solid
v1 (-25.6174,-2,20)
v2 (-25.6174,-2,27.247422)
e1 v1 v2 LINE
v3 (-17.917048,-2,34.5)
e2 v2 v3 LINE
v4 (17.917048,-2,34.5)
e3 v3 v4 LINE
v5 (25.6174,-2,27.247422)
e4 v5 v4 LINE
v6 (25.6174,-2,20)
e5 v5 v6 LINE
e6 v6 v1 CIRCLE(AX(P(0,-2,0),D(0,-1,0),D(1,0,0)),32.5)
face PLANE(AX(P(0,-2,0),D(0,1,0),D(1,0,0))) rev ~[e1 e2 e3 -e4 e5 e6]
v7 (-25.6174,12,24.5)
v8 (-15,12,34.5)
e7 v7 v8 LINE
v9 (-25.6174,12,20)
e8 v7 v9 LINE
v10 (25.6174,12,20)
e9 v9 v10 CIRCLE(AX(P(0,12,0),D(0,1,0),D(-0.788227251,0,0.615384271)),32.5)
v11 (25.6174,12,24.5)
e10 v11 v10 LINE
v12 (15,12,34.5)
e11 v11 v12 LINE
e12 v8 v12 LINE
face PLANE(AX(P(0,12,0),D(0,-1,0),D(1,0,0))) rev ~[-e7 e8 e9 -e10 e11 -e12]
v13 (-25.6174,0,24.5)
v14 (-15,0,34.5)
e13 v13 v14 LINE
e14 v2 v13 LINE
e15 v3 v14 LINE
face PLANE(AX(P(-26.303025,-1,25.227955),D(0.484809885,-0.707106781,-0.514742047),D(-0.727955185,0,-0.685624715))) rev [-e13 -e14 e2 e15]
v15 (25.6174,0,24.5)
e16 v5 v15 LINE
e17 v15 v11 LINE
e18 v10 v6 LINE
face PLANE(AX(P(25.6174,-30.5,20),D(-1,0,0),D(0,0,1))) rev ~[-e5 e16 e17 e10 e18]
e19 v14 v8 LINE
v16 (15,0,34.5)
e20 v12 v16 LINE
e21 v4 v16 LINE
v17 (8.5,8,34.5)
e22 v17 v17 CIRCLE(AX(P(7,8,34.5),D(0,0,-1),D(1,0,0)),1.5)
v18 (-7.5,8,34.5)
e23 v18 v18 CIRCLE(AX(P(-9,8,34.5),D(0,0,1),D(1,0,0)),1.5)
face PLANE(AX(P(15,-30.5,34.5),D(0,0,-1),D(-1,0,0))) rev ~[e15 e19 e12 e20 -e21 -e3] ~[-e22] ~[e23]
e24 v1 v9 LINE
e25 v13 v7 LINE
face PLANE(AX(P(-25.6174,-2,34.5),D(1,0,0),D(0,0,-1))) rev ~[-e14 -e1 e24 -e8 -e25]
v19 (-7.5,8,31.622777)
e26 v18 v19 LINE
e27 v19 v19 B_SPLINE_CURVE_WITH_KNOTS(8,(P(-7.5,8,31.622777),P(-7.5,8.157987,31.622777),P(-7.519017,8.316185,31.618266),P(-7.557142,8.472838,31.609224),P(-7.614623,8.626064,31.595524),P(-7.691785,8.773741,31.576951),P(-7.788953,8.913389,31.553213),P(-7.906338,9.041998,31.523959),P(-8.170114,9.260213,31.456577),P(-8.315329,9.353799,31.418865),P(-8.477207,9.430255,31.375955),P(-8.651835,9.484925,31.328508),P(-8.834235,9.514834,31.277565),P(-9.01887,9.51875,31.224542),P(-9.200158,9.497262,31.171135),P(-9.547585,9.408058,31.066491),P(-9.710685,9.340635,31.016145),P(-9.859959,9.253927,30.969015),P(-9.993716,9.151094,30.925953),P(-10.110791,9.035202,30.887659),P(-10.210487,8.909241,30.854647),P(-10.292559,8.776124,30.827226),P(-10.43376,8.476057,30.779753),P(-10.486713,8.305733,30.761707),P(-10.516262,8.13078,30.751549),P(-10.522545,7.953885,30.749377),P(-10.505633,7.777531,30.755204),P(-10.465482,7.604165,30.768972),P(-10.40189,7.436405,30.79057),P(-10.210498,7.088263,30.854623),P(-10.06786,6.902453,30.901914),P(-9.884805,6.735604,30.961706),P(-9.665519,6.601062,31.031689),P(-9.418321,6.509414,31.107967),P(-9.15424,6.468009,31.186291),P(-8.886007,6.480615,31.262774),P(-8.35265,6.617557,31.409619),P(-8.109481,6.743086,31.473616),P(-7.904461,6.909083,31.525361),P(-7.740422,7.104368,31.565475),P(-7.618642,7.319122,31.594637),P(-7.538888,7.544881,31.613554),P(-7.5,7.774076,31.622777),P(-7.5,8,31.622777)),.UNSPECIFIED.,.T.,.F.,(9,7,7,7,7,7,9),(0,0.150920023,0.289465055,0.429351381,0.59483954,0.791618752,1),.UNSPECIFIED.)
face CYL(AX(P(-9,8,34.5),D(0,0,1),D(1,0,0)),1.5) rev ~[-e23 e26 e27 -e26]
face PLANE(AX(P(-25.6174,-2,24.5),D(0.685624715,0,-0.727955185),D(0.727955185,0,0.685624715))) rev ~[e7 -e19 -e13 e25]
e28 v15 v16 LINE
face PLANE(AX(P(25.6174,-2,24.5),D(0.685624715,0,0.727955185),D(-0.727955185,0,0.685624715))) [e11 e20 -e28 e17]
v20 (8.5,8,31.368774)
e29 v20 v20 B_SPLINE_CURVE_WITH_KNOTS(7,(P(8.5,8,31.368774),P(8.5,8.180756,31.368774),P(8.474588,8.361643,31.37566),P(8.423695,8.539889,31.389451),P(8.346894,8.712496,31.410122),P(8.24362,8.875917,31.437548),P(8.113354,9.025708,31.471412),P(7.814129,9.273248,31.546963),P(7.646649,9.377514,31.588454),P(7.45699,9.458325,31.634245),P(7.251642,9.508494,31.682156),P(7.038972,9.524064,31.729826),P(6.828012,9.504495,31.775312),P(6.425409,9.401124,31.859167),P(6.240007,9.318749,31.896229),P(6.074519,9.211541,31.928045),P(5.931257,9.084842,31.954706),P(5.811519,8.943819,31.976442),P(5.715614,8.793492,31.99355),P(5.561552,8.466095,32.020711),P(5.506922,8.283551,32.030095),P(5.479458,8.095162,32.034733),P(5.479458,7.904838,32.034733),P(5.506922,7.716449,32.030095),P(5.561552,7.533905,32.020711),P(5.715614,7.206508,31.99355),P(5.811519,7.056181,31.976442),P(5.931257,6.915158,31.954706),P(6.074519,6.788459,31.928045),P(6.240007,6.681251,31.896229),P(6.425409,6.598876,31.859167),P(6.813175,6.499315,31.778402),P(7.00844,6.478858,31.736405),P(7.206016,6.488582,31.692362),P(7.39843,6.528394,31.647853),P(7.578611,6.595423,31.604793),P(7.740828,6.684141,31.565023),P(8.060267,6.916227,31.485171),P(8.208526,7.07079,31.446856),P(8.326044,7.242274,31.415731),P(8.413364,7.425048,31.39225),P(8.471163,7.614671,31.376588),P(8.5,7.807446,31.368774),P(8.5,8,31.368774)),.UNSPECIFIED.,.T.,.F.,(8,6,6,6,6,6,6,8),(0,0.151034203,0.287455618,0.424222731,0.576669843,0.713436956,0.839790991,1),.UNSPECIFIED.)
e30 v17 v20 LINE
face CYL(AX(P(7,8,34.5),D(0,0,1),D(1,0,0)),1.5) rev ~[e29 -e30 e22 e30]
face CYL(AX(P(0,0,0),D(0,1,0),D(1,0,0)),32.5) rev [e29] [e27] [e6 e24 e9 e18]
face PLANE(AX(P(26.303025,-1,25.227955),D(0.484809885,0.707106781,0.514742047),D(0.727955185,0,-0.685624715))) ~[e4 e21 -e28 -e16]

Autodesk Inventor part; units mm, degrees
ref_plane "YZ Plane" through (0, 0, 0) normal (1, 0, 0) x (0, 1, 0)
ref_plane "XZ Plane" through (0, 0, 0) normal (0, 1, 0) x (-1, 0, 0)
ref_plane "XY Plane" through (0, 0, 0) normal (0, 0, 1) x (1, 0, 0)
ref_plane "Plano de trabajo1" through (16, 0, 22.5) normal (0, 0, -1) x (-1, 0, 0)
sketch "Boceto2" plane through (16, 0, 22.5) normal (0, 0, -1) x (-1, 0, 0)
  line L0 (-6.5, 0) -> (0, 0) projected
  line L1 (0, 0) -> (32, 0) projected
  circle A0 centre (8, 8) radius 1.5
  circle A1 centre (24, 8) radius 1.5
  point P0 (16, 0)
  dimension "d15" = 3
  dimension "d16" = 3
extrude "Extrusión2" [suppressed]
ref_plane "Plano de trabajo2" through (0, 0, 0) normal (0, -1, 0) x (1, 0, 0)
sketch "Boceto4" plane through (0, 0, 0) normal (0, -1, 0) x (1, 0, 0)
  circle A0 centre (0, 0) radius 32.5
  arc A1 (28.2887, 16) -> (-28.2887, 16) centre (0, 0) ccw projected
  line L0 (0, 32.5) -> (0, 34.5)
  line L1 (0, 34.5) -> (-26.2329, 34.5)
  line L2 (-26.2329, 34.5) -> (30.7149, 34.5)
  line L3 (0, 0) -> (0, 20)
  arc A2 (28.2887, 16) -> (-28.2887, 16) centre (0, 0) ccw projected
  line L4 (0, 20) -> (50, 20)
  line L5 (50, 20) -> (-50, 20)
  line L6 (0, 34.5) -> (15, 34.5)
  line L7 (15, 34.5) -> (25.6174, 20)
  line L8 (0, 34.5) -> (-15, 34.5)
  line L9 (-15, 34.5) -> (-25.6174, 20)
  point P0 (-25.6174, 20)
  dimension "d19" = 2
  dimension "d20" = 20
  dimension "d21" = 50
  dimension "d22" = 100
  dimension "d23" = 15
  dimension "d24" = 15
extrude "Extrusión3" add sketch "Boceto4" against normal blind 12 contours A0 L0 L2 L7 | L9 L1 L0 A0
sketch "Boceto5" plane through (-15, 0, 34.5) normal (0, 0, 1) x (1, 0, 0)
  line L0 (30, 0) -> (30, 12) projected
  line L1 (30, 0) -> (30, 8)
  line L2 (30, 8) -> (22, 8)
  line L3 (22, 8) -> (6, 8)
  circle A0 centre (22, 8) radius 1.5
  circle A1 centre (6, 8) radius 1.5
  point P0 (15, 0)
  dimension "d27" = 8
  dimension "d28" = 8
  dimension "d29" = 16
  dimension "d30" = 3
  dimension "d31" = 3
extrude "Extrusión4" cut sketch "Boceto5" against normal blind 12
sketch "Boceto6" plane through (0, 0, 0) normal (0, -1, 0) x (1, 0, 0)
  circle A0 centre (0, 0) radius 32.5
  arc A1 (25.6174, 20) -> (-25.6174, 20) centre (0, 0) ccw projected
  line L0 (-15, 34.5) -> (15, 34.5) projected
  line L1 (25.6174, 20) -> (15, 34.5)
  line L2 (15, 34.5) -> (-15, 34.5)
  line L3 (-15, 34.5) -> (-25.6174, 20)
extrude "Extrusión5" add sketch "Boceto6" along normal blind 2 contours A0 L3 L0 L1
sketch "Boceto7" plane through (0, -2, 0) normal (0, -1, 0) x (1, 0, 0)
  line L0 (-25.6174, 20) -> (-15, 34.5) projected
  line L1 (-15, 34.5) -> (-25.6174, 34.5)
  line L2 (-25.6174, 34.5) -> (-25.6174, 20)
  line L3 (-25.6174, 20) -> (25.6174, 20)
  line L4 (25.6174, 20) -> (25.6174, 34.5)
  line L5 (25.6174, 20) -> (15, 34.5) projected
  line L6 (15, 34.5) -> (25.6174, 34.5)
  circle A0 centre (0, 0) radius 32.5
  line L7 (-15, 34.5) -> (15, 34.5)
extrude "Extrusión6" add sketch "Boceto7" along normal blind 8 contours L2 L1 L0 | A0 L3 | L0 L7 L5 A0 | L5 L6 L4 picked at (-1.7193, 25.9173)
sketch "Boceto8" plane through (-15, 12, 34.5) normal (0, 0, 1) x (1, 0, 0)
  line L0 (40.6174, -22) -> (-10.6174, -22) projected
  line L1 (-10.6174, -22) -> (-10.6174, -42.5)
  line L2 (-10.6174, -42.5) -> (39.7361, -42.5)
  line L3 (40.6174, -22) -> (40.6174, -42.5)
  line L4 (40.6174, -42.5) -> (39.7361, -42.5)
  line L5 (-10.6174, -22) -> (40.6174, -22) projected
  line L6 (40.6174, -14) -> (40.6174, -22) projected
  line L7 (-10.6174, -22) -> (40.6174, -22)
  line L8 (15, -22) -> (35.2, -22)
  line L9 (35.2, -22) -> (35.2, -42.5)
  line L10 (15, -22) -> (-5.2, -22)
  line L11 (-5.2, -22) -> (-5.2, -42.5)
  line L12 (-5.2, -42.5) -> (-5.2, -37.5)
  line L13 (-5.2, -22) -> (-5.2, -29)
  line L14 (-5.2, -29) -> (-10.6174, -29)
  line L15 (-5.2, -42.5) -> (-5.2, -36.5)
  line L16 (-5.2, -36.5) -> (-10.6174, -36.5)
  point P0 (15, -12)
  dimension "d38" = 20.5
  dimension "d39" = 20.5
  dimension "d40" = 20.2
  dimension "d41" = 20.2
  dimension "d43" = 7
  dimension "d44" = 6
extrude "Extrusión7" add sketch "Boceto8" against normal blind 14.5 contours L3 L4 L2 L9 L0 | L11 L14 L1 L0 | L2 L1 L16 L11
sketch "Boceto9" plane through (20.2, -30.5, 34.5) normal (0, -1, 0) x (1, 0, 0)
  line L0 (5.4174, -14.5) -> (5.4174, 0) projected
  line L1 (-45.8174, 0) -> (-45.8174, -14.5) projected
  line L2 (5.4174, 0) -> (-45.8174, 0)
  line L3 (-45.8174, 0) -> (-45.8174, -14.5)
  line L4 (-45.8174, -14.5) -> (5.4174, -14.5)
  line L5 (5.4174, 0) -> (-5.2, 0) projected
  line L6 (5.4174, -14.5) -> (5.4174, 0)
  point P0 (-20.2, -34.5)
extrude "Extrusión8" add sketch "Boceto9" along normal blind 5
sketch "Boceto10" plane through (0, -2, 0) normal (0, 1, 0) x (1, 0, 0)
  line L0 (-15, -34.5) -> (-25.6174, -34.5) projected
  line L1 (-15, -34.5) -> (-25.6174, -34.5)
  line L2 (-25.6174, -34.5) -> (-25.6174, -24.5)
  line L3 (-25.6174, -34.5) -> (-25.6174, -20) projected
  line L4 (-25.6174, -24.5) -> (-15, -34.5)
  line L5 (-25.6174, -20) -> (25.6174, -20) projected
  line L6 (-25.6174, -24.5) -> (-25.6174, -20)
  line L7 (-25.6174, -20) -> (-15, -34.5)
  line L8 (-15, -34.5) -> (-25.6174, -20) projected
  arc A0 (-25.6174, -20) -> (25.6174, -20) centre (0, 0) ccw projected
  line L9 (0, -32.5) -> (0, -25.3096)
  line L10 (15, -34.5) -> (25.6174, -34.5)
  line L11 (25.6174, -34.5) -> (25.6174, -24.5)
  line L12 (25.6174, -34.5) -> (25.6174, -20)
  line L13 (25.6174, -24.5) -> (15, -34.5)
  line L14 (25.6174, -20) -> (15, -34.5)
  dimension "d49" = 10
extrude "Extrusión9" add sketch "Boceto10" along normal blind 14 contours L12 L13 L14 | L4 L3 L7
sketch "Boceto11" plane through (-25.6174, -17, 34.5) normal (0, 0, 1) x (1, 0, 0)
  line L0 (45.8174, 7) -> (45.8174, -13.5) projected
  line L1 (45.8174, -13.5) -> (45.8174, 7)
  line L2 (45.8174, 7) -> (45.8174, -3.25)
  point P0 (25.6174, 17)
chamfer "Chaflán1" distance 2 angle 45 2 edges at (20.3087, -2, 29.5) (-20.3087, -2, 29.5)
sketch "Boceto12" plane through (0, -2, 0) normal (0, 1, 0) x (1, 0, 0)
  line L0 (40.0402, -40.6139) -> (-53.4832, -40.6139)
  line L1 (-53.4832, -40.6139) -> (-53.4832, 20.2117)
  line L2 (-53.4832, 20.2117) -> (40.0402, 20.2117)
  line L3 (40.0402, 20.2117) -> (40.0402, -40.6139)
  point P0 (0, 0)
extrude "Extrusión10" cut sketch "Boceto12" against normal blind 100
sketch "Boceto14" plane through (-15, 12, 34.5) normal (0, 0, 1) x (1, 0, 0)
  line L0 (-2.917, -14) -> (32.917, -14) projected
  line L1 (40.6174, -14) -> (-10.6174, -14) projected
  line L2 (15, -14) -> (7.5, -14)
  line L3 (7.5, -14) -> (7.5, -34.2047)
  line L4 (7.5, -14) -> (17.5, -14)
  line L5 (17.5, -14) -> (17.5, -67.4)
  line L6 (17.5, -67.4) -> (-2.5, -67.4)
  line L7 (-2.917, -14) -> (0, -12) projected
  line L8 (7.5, -14) -> (-2.5, -14)
  line L9 (-2.5, -14) -> (-2.5, -67.4)
  line L10 (-2.5, -14) -> (-2.5, -16.6)
  line L11 (-2.5, -16.6) -> (2.55, -16.6)
  line L12 (2.55, -16.6) -> (12.45, -16.6)
  line L13 (12.45, -16.6) -> (17.5, -16.6)
  circle A0 centre (12.45, -16.6) radius 2.2
  circle A1 centre (0.025, -16.6) radius 2.2
  line L14 (17.5, -67.4) -> (17.5, -64.8)
  line L15 (17.5, -64.8) -> (12.45, -64.8)
  line L16 (12.45, -64.8) -> (2.55, -64.8)
  line L17 (2.55, -64.8) -> (-2.5, -64.8)
  circle A2 centre (12.45, -64.8) radius 2.2
  circle A3 centre (2.55, -64.8) radius 2.2
  point P0 (15, -12)
  dimension "d59" = 10
  dimension "d60" = 53.4
  dimension "d61" = 20
  dimension "d68" = 2.6
  dimension "d69" = 5.05
  dimension "d70" = 9.9
  dimension "d71" = 5.05
  dimension "d72" = 4.4
  dimension "d73" = 4.4
  dimension "d74" = 2.6
  dimension "d75" = 5.05
  dimension "d76" = 9.9
  dimension "d77" = 5.05
  dimension "d78" = 4.4
  dimension "d79" = 4.4
properties part number "to_wily"
